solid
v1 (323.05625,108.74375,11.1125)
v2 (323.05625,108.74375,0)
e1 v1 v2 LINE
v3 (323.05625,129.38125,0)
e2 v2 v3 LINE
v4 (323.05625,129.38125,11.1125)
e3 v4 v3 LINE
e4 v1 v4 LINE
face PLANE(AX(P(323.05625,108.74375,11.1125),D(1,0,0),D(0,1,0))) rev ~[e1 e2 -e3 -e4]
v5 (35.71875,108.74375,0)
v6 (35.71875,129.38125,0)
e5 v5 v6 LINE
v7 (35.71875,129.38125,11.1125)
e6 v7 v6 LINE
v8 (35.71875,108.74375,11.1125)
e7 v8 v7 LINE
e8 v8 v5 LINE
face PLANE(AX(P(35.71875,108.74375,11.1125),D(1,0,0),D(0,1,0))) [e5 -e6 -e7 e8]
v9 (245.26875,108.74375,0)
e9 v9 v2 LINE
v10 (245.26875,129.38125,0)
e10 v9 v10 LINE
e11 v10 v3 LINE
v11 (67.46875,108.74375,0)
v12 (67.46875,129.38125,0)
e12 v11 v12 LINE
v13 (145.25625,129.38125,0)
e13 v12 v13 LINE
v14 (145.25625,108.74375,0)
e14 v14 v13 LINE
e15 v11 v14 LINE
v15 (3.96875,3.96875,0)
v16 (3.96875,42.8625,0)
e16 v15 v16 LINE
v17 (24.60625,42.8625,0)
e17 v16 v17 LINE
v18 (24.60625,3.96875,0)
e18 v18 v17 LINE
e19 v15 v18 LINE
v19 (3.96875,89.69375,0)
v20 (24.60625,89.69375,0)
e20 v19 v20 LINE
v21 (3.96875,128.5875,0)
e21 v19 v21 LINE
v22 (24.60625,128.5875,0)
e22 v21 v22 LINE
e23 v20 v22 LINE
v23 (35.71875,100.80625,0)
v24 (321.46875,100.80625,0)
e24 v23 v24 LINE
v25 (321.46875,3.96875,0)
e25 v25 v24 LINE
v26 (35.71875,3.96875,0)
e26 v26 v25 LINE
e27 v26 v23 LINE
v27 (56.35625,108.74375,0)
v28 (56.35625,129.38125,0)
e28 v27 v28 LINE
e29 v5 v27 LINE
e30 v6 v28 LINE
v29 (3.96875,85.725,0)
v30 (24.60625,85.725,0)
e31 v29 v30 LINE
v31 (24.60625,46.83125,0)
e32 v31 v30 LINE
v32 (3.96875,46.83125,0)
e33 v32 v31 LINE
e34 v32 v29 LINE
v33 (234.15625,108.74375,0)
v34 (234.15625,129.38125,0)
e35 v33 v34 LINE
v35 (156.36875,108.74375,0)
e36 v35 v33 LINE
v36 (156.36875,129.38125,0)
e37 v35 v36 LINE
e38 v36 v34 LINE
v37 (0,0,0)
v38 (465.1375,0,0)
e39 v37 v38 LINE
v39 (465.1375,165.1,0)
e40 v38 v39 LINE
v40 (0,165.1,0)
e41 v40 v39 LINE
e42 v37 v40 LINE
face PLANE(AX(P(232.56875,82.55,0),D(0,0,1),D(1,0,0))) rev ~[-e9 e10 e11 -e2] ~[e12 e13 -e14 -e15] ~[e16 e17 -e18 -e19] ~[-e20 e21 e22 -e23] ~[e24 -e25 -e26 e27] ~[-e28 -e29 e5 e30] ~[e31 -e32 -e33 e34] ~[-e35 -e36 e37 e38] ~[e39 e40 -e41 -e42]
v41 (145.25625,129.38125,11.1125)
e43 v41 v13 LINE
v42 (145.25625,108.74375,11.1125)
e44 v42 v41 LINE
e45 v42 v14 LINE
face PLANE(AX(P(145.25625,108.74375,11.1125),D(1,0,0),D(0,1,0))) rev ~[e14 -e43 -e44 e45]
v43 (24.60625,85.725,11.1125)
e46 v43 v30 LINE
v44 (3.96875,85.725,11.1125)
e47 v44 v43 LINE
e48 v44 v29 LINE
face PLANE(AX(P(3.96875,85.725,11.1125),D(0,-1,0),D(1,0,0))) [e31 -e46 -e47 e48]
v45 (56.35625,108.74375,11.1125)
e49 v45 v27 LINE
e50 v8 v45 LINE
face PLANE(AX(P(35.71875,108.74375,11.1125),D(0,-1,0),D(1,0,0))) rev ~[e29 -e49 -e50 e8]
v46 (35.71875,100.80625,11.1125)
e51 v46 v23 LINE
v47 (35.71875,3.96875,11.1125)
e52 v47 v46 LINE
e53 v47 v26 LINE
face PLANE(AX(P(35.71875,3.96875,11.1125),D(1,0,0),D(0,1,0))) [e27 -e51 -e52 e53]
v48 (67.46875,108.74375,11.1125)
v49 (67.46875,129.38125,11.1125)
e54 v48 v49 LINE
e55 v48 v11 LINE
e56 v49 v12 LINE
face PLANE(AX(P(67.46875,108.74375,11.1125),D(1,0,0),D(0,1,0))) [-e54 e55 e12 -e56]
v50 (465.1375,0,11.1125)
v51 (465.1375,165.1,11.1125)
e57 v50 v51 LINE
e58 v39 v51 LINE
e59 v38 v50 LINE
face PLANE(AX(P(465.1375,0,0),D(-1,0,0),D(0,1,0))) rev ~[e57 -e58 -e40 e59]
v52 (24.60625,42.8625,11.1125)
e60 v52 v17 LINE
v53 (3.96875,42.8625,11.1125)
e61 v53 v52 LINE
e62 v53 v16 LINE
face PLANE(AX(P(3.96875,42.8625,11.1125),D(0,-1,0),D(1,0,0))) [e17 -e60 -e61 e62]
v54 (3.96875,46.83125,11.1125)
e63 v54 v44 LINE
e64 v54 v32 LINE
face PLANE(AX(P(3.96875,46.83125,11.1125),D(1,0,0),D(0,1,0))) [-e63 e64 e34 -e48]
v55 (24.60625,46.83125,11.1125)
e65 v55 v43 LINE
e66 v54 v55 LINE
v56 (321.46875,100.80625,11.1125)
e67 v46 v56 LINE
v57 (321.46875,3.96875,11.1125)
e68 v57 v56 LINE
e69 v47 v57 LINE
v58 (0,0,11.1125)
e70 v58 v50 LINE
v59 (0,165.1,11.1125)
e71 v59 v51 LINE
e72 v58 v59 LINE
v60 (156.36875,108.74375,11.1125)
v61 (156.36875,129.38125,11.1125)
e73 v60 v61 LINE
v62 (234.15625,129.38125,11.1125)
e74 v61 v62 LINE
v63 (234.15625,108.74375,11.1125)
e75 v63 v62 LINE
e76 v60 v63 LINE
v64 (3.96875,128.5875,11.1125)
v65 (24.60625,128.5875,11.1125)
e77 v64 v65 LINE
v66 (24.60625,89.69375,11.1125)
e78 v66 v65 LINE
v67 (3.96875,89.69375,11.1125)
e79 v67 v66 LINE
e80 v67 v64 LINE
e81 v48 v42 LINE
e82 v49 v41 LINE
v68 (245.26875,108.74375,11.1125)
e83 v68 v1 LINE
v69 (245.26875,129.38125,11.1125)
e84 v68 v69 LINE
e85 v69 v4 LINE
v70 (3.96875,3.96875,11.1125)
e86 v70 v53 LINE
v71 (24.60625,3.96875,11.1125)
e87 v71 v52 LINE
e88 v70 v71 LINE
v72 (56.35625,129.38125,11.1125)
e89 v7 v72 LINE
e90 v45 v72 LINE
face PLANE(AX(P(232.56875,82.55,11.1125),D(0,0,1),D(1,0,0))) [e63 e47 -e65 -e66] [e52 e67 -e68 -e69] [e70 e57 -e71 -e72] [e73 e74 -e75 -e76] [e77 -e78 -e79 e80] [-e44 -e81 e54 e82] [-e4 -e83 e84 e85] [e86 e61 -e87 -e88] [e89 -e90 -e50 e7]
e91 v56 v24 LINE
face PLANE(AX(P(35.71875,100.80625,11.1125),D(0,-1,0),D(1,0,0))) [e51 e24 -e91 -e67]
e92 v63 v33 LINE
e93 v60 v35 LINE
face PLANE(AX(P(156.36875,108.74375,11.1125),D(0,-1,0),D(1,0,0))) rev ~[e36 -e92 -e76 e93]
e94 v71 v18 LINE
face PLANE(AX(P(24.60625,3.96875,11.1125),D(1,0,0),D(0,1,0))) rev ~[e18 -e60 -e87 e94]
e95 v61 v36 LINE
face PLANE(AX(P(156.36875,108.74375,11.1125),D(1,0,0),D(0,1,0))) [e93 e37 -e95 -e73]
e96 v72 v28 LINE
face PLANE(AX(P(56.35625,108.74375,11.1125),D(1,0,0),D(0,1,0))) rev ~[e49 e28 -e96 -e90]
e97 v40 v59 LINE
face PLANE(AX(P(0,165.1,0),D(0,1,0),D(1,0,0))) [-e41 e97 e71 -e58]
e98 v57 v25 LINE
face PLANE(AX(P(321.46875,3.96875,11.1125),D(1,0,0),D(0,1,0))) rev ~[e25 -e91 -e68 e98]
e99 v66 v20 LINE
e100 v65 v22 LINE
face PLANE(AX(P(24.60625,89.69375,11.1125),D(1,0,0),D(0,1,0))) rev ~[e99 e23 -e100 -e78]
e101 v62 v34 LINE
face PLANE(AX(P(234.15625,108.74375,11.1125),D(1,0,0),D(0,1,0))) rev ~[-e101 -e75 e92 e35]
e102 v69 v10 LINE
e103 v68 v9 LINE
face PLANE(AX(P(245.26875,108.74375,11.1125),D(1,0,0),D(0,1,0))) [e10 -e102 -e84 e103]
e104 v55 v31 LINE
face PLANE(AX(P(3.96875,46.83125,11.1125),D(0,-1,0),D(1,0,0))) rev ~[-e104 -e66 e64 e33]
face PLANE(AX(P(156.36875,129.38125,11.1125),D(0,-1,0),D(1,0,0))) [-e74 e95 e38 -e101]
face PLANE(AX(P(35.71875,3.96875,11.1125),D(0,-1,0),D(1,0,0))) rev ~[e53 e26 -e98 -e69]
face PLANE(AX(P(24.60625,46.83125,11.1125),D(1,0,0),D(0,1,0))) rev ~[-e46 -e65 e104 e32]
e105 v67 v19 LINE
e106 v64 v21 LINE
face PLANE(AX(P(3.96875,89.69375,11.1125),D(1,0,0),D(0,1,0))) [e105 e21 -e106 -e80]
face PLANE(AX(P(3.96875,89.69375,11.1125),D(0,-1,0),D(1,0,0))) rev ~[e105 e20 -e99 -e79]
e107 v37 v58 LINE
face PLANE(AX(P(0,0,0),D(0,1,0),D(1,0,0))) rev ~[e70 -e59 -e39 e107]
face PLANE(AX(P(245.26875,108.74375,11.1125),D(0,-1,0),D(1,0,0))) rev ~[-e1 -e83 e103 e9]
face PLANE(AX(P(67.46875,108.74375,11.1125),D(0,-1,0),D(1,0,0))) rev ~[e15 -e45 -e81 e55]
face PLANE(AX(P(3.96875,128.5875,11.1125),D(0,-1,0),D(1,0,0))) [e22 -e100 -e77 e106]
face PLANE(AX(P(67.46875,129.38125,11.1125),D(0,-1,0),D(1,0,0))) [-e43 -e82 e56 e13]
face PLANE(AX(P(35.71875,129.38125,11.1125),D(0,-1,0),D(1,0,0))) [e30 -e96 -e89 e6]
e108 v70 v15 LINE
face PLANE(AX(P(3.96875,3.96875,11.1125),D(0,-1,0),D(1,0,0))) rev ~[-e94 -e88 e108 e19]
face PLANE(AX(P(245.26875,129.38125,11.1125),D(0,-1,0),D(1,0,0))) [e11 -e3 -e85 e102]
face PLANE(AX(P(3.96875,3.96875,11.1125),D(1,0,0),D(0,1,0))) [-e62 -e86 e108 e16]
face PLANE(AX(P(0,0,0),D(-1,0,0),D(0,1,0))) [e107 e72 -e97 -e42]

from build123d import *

# Parameters (mm, degrees)
F0_W     = 465.1375
F0_H     = 165.1
F1_DEPTH = 11.1125
F2_W     = 20.6375
F2_H     = 38.89375
F2_W_2   = 285.75
F2_H_2   = 96.8375
F2_W_3   = 77.7875
F2_H_3   = 20.6375
F3_DEPTH = 11.1135


with BuildPart() as f1:
    # F0 (on Top) → F1 (new body)
    with BuildSketch(Plane.XY):
        with Locations((232.56875, 82.55)):
            Rectangle(F0_W, F0_H)
    extrude(amount=F1_DEPTH)

    # F2 (on face) → F3 (cut, through all)
    with BuildSketch(Plane.XY.offset(11.1125)):
        with Locations((14.2875, 23.415625)):
            Rectangle(F2_W, F2_H)
        with Locations((14.2875, 66.278125)):
            Rectangle(F2_W, F2_H)
        with Locations((14.2875, 109.140625)):
            Rectangle(F2_W, F2_H)
        with Locations((178.59375, 52.3875)):
            Rectangle(F2_W_2, F2_H_2)
        with Locations((106.3625, 119.0625)):
            Rectangle(F2_W_3, F2_H_3)
        with Locations((195.2625, 119.0625)):
            Rectangle(F2_W_3, F2_H_3)
        with Locations((284.1625, 119.0625)):
            Rectangle(F2_W_3, F2_H_3)
        with Locations((46.0375, 119.0625)):
            Rectangle(F2_W, F2_H_3)
    extrude(amount=-F3_DEPTH, mode=Mode.SUBTRACT)


solid = f1.part
